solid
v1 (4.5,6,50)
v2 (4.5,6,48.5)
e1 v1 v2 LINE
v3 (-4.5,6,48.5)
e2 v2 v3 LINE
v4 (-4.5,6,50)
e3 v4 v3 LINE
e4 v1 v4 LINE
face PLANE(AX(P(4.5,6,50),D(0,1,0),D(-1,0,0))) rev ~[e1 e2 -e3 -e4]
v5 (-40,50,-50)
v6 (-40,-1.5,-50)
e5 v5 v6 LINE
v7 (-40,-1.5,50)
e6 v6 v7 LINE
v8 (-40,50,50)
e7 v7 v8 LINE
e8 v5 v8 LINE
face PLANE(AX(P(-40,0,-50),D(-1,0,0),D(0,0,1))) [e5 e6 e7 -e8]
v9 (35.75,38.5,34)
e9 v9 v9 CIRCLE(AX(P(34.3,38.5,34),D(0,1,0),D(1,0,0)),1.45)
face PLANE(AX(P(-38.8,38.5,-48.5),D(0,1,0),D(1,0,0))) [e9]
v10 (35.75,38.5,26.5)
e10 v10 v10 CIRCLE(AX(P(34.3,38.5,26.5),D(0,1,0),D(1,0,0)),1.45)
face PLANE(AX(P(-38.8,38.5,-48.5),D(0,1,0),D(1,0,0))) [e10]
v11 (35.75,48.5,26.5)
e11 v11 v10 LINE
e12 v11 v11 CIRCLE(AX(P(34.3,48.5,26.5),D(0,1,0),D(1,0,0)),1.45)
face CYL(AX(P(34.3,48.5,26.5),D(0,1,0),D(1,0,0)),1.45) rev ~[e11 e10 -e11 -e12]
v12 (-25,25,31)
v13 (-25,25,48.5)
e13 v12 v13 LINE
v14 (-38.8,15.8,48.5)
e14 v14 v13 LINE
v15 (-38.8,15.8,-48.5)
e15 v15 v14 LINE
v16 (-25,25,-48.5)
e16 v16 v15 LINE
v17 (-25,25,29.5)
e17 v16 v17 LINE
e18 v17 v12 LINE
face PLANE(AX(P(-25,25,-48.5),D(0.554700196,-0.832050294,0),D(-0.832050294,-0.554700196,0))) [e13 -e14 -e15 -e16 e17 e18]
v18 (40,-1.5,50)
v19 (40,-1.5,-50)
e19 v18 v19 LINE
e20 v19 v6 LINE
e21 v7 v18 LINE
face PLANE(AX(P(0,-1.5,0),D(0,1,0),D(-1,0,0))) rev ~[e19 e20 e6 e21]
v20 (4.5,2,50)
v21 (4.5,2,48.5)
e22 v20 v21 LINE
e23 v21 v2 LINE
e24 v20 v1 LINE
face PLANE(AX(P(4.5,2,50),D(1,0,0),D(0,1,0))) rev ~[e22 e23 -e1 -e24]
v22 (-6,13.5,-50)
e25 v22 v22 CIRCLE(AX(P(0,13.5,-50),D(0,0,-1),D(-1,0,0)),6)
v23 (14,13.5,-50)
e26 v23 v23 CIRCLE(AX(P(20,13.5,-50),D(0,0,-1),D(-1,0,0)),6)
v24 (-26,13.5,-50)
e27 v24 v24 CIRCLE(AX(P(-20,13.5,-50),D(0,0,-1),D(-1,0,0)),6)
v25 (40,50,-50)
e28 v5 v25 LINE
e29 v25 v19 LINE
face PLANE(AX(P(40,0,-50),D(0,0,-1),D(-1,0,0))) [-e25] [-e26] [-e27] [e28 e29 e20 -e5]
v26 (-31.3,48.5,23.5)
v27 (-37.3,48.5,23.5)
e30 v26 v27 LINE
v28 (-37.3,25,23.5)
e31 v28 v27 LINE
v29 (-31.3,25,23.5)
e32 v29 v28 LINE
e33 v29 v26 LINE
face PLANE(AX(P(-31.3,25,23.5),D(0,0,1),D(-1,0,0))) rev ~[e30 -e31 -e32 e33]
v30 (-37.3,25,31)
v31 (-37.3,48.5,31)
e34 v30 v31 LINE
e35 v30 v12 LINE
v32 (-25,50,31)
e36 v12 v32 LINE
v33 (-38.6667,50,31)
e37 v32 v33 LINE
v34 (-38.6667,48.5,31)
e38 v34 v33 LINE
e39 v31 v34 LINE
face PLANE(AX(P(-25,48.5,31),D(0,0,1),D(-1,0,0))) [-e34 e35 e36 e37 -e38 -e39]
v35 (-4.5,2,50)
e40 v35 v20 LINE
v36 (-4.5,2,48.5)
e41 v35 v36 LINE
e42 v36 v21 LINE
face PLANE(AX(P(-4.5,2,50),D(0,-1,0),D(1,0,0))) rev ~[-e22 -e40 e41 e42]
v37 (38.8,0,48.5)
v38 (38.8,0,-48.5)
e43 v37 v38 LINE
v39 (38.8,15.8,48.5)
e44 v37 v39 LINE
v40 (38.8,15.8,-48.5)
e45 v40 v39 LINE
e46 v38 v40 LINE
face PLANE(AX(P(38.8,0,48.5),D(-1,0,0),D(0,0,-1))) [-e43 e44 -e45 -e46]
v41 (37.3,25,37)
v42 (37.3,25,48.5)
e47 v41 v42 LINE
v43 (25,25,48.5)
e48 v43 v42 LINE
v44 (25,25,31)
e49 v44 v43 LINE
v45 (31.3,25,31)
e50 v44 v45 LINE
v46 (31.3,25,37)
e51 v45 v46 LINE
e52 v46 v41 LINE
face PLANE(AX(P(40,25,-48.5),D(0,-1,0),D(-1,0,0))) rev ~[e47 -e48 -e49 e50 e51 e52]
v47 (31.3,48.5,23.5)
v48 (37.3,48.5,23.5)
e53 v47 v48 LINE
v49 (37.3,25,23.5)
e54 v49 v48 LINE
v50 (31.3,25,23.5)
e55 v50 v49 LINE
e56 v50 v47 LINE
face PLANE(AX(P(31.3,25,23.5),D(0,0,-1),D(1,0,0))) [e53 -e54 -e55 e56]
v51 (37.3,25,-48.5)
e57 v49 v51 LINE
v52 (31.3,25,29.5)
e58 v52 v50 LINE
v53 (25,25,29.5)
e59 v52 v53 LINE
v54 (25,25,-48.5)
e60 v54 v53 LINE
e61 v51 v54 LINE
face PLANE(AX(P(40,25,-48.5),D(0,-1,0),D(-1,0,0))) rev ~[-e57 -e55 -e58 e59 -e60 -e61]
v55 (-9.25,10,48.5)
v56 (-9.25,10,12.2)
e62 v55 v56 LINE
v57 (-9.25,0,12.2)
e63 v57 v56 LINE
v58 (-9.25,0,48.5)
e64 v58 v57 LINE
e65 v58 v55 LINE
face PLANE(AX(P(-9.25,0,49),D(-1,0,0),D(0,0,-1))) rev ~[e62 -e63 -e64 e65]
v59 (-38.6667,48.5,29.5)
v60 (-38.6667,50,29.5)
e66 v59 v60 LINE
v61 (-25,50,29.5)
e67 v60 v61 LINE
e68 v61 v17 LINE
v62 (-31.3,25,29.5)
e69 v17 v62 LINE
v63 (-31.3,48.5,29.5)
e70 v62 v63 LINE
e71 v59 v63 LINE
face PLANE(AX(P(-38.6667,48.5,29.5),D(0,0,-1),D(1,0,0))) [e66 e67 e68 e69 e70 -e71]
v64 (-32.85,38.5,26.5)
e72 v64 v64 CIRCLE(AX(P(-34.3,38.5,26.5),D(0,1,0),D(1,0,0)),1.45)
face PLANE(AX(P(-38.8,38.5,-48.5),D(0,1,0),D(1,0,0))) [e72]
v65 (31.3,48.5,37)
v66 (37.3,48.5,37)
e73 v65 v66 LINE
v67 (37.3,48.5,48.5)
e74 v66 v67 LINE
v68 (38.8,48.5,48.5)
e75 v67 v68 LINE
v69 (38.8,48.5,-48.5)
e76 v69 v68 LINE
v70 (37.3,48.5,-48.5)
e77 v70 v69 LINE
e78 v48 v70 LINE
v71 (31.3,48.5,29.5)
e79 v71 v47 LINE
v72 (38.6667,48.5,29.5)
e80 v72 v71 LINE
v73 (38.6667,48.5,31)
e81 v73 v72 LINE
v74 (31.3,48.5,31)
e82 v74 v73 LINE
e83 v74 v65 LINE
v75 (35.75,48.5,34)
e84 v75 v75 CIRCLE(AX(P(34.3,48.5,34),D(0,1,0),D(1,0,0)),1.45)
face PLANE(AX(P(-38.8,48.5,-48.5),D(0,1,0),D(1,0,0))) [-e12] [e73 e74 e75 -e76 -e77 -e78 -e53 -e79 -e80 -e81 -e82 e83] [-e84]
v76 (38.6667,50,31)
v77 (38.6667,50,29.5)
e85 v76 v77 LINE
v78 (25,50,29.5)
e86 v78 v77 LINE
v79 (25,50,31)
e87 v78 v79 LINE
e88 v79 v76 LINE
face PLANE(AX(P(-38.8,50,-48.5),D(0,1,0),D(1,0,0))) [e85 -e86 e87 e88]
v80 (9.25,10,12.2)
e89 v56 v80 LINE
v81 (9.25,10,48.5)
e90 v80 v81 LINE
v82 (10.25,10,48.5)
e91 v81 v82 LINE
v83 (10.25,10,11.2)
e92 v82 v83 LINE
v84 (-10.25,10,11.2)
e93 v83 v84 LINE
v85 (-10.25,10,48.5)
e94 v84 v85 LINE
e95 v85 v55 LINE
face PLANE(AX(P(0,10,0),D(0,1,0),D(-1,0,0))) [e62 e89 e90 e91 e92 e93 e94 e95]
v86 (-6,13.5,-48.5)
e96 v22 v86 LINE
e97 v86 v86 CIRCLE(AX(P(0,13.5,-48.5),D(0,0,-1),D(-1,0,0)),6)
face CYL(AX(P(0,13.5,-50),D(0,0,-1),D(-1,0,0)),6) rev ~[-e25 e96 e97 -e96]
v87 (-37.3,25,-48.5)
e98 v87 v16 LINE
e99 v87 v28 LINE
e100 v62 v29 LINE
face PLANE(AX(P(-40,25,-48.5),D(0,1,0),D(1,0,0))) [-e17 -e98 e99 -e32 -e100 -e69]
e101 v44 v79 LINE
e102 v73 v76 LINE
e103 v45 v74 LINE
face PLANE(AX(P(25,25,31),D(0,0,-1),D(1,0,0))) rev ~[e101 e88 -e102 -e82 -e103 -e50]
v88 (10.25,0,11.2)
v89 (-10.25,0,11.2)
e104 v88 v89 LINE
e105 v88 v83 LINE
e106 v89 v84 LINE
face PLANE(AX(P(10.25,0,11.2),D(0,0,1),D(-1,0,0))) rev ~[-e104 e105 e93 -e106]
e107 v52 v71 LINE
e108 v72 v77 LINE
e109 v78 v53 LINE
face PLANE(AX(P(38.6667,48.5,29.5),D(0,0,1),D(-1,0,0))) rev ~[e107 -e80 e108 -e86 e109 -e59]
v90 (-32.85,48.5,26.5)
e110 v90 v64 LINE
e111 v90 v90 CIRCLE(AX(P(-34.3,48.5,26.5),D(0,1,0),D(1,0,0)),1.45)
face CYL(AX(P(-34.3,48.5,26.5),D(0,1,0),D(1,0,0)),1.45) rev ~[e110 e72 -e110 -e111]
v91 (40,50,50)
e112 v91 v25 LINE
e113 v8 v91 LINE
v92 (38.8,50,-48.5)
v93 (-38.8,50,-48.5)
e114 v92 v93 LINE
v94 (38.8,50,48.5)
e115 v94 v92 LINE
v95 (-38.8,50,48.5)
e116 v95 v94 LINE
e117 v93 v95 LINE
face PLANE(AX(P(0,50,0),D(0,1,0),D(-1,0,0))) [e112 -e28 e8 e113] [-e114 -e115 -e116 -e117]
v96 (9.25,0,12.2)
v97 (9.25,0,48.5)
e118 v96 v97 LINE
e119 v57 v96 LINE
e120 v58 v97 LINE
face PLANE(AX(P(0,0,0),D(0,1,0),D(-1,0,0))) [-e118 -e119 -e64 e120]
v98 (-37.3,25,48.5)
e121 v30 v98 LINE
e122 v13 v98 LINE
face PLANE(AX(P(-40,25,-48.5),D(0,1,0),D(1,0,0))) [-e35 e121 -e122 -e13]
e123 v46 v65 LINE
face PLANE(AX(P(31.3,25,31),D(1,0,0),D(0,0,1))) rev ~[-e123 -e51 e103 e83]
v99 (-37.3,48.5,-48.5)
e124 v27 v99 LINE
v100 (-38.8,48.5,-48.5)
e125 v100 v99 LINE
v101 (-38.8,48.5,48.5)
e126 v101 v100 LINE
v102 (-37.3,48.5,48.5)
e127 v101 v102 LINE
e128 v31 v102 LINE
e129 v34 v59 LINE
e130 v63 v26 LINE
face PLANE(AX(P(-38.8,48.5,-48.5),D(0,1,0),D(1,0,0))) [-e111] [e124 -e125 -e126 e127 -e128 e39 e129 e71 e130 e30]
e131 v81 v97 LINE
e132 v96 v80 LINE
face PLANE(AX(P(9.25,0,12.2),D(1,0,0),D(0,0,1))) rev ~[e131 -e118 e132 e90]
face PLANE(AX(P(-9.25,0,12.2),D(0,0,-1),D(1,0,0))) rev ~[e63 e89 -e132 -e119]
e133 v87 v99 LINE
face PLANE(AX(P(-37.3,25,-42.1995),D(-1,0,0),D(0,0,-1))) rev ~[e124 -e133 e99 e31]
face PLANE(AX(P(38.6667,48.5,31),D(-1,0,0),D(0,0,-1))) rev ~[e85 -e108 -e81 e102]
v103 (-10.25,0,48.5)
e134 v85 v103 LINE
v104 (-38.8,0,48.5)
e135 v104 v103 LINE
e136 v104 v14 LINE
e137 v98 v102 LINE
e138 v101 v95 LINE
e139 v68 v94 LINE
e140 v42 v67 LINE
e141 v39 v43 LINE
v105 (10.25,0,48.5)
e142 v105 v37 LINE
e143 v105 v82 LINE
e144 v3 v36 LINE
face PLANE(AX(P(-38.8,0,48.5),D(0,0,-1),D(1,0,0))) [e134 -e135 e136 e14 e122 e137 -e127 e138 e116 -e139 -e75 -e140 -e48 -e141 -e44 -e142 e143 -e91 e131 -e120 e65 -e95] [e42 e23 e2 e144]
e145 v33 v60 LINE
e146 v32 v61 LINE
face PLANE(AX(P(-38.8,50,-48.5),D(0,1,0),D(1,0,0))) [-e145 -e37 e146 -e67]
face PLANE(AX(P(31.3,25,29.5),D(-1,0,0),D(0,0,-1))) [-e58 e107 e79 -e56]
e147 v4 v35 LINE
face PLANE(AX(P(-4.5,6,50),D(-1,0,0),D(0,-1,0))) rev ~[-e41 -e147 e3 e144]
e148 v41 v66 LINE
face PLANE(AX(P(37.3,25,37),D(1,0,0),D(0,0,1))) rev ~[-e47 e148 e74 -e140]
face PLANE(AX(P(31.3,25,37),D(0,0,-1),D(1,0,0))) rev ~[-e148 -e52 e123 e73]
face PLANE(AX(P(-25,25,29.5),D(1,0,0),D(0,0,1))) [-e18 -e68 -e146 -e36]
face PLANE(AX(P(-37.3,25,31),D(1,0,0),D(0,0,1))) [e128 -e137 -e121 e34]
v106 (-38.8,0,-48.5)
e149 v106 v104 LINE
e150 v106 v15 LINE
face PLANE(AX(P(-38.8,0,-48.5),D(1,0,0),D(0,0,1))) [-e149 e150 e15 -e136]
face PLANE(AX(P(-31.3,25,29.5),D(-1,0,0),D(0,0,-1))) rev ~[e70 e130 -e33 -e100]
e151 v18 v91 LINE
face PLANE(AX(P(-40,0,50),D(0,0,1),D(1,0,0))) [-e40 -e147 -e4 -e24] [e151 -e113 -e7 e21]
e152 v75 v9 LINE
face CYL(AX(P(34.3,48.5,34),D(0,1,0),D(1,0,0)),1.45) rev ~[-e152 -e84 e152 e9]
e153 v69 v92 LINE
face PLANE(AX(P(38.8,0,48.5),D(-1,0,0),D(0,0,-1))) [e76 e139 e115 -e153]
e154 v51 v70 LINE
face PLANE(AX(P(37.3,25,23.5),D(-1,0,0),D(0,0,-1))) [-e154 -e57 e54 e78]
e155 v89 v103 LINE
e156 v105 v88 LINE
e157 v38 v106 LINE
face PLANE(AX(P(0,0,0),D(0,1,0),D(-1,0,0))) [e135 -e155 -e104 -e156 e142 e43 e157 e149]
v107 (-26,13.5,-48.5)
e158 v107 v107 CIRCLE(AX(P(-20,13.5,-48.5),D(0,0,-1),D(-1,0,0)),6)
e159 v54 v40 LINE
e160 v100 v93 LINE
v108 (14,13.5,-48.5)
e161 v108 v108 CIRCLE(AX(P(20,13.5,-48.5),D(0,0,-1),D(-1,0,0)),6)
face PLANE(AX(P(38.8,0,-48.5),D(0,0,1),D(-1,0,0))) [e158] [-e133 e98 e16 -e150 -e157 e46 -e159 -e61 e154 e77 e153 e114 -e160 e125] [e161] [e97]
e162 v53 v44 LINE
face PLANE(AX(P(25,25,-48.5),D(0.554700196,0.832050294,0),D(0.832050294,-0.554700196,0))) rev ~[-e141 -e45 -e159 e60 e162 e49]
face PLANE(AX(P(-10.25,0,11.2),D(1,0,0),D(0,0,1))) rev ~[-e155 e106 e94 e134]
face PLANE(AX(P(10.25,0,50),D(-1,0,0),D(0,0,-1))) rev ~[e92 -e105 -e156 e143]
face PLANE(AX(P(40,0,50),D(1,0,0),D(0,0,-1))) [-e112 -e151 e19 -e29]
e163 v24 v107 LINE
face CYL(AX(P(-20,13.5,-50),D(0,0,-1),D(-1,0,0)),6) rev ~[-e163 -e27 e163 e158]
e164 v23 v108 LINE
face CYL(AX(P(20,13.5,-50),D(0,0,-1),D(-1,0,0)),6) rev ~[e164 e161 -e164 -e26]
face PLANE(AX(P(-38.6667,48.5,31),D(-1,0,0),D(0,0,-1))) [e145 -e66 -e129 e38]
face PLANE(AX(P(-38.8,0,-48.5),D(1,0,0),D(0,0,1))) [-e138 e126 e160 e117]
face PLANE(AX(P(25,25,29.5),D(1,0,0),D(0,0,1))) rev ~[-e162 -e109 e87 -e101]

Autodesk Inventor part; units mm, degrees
ref_plane "YZ Plane" through (0, 0, 0) normal (1, 0, 0) x (0, 1, 0)
ref_plane "XZ Plane" through (0, 0, 0) normal (0, 1, 0) x (-1, 0, 0)
ref_plane "XY Plane" through (0, 0, 0) normal (0, 0, 1) x (1, 0, 0)
sketch "Sketch1" plane through (0, 0, 0) normal (0, 1, 0) x (-1, 0, 0)
  line L0 (40, 50) -> (-40, 50)
  line L1 (-40, 50) -> (-40, -50)
  line L2 (-40, -50) -> (40, -50)
  line L3 (40, -50) -> (40, 50)
  line L4 (40, 50) -> (-40, -50) construction
  line L5 (-40, 50) -> (40, -50) construction
  point P0 (0, 0)
  dimension "box_width" = 80
  dimension "box_height" = 100
extrude "Base" add sketch "Sketch1" against normal blind 1.5
sketch "Sketch2" plane through (0, 0, 0) normal (0, 1, 0) x (-1, 0, 0)
  line L0 (40, -50) -> (-40, -50) projected
  line L1 (40, 50) -> (-40, 50)
  line L2 (-40, 50) -> (-40, -50)
  line L3 (-40, -50) -> (40, -50)
  line L4 (40, -50) -> (40, 50)
  line L5 (40, 50) -> (-40, -50) construction
  line L6 (-40, 50) -> (40, -50) construction
  line L7 (38.8, 48.5) -> (-38.8, 48.5)
  line L8 (-38.8, 48.5) -> (-38.8, -48.5)
  line L9 (-38.8, -48.5) -> (38.8, -48.5)
  line L10 (38.8, -48.5) -> (38.8, 48.5)
  line L11 (38.8, 48.5) -> (-38.8, -48.5) construction
  line L12 (-38.8, 48.5) -> (38.8, -48.5) construction
  point P0 (0, 0)
  dimension "wall_thickness" = 1.5
extrude "Wall" add sketch "Sketch2" along normal blind 50
sketch "Sketch3" plane through (0, 0, 0) normal (0, 1, 0) x (-1, 0, 0)
  line L0 (-9.25, 49) -> (9.25, 49)
  line L1 (9.25, 49) -> (9.25, 12.2)
  line L2 (9.25, 12.2) -> (-9.25, 12.2)
  line L3 (-9.25, 12.2) -> (-9.25, 49)
  line L4 (-9.25, 49) -> (9.25, 12.2) construction
  line L5 (9.25, 49) -> (-9.25, 12.2) construction
  line L6 (0, 30.6) -> (0, 0) construction
  line L7 (10.25, 50) -> (-10.25, 50)
  line L8 (-10.25, 50) -> (-10.25, 11.2)
  line L9 (-10.25, 11.2) -> (10.25, 11.2)
  line L10 (10.25, 11.2) -> (10.25, 50)
  line L11 (10.25, 50) -> (-10.25, 11.2) construction
  line L12 (-10.25, 50) -> (10.25, 11.2) construction
  line L13 (40, 50) -> (-40, 50) projected
  point P0 (0, 50)
  dimension "d7" = 36.8
  dimension "d8" = 18.5
  dimension "d9" = 1
  dimension "d10" = 1
extrude "Teensy Wall" add sketch "Sketch3" along normal blind 10
sketch "Sketch4" plane through (40, -1.5, -50) normal (0, 0, -1) x (-1, 0, 0)
  line L0 (78.8, 51.5) -> (1.2, 51.5) construction
  line L1 (1.2, 51.5) -> (78.8, 51.5) construction
  line L2 (40, 51.5) -> (40, 15) construction
  line L3 (40, 15) -> (20, 15) construction
  circle A0 centre (20, 15) radius 6
  line L4 (40, 15) -> (40, 0) construction
  line L5 (80, 0) -> (0, 0) construction
  circle A1 centre (40, 15) radius 6
  circle A2 centre (60, 15) radius 6
  dimension "d21" = 12
  dimension "d23" = 20
  dimension "d59" = 20
extrude "BNC Holes" cut sketch "Sketch4" against normal up to surface (1.5 mm away)
sketch "Sketch7" plane through (-38.8, 0, -48.5) normal (0, 0, 1) x (1, 0, 0)
  line L0 (78.8, 50) -> (-1.2, 50) projected
  line L1 (-1.2, -1.5) -> (-1.2, 50) projected
  line L2 (-1.2, 50) -> (-1.2, 25) construction
  line L3 (-1.2, 25) -> (13.8, 25)
  line L4 (13.8, 25) -> (-1.2, 15)
  line L5 (-1.2, 15) -> (-1.2, 25)
  line L6 (38.8, 50) -> (38.8, 0) construction
  line L7 (78.8, -1.5) -> (78.8, 50)
  line L8 (78.8, 50) -> (78.8, 25) construction
  line L9 (78.8, 25) -> (63.8, 25)
  line L10 (63.8, 25) -> (78.8, 15)
  line L11 (78.8, 15) -> (78.8, 25)
  point P0 (-1.2, 30)
  dimension "d32" = 25
  dimension "d33" = 10
  dimension "d34" = 15
extrude "Battery Support" add sketch "Sketch7" along normal up to next
sketch "Sketch8" plane through (-40, -1.5, 50) normal (0, 0, 1) x (1, 0, 0)
  line L0 (78.8, 51.5) -> (1.2, 51.5) construction
  line L1 (40, 51.5) -> (40, 1.5) construction
  line L2 (35.5, 3.5) -> (44.5, 3.5)
  line L3 (44.5, 3.5) -> (44.5, 7.5)
  line L4 (44.5, 7.5) -> (35.5, 7.5)
  line L5 (35.5, 7.5) -> (35.5, 3.5)
  line L6 (35.5, 3.5) -> (44.5, 7.5) construction
  line L7 (44.5, 3.5) -> (35.5, 7.5) construction
  point P0 (40, 5.5)
  dimension "d36" = 9
  dimension "d37" = 4
  dimension "d38" = 2
extrude "USB Hole" cut sketch "Sketch8" against normal up to next
sketch "Sketch9" plane through (-38.8, 25, -48.5) normal (0, 1, 0) x (1, 0, 0)
  line L0 (0, -97) -> (0, 0) projected
  line L1 (13.8, 0) -> (13.8, -97) projected
  line L2 (0, -79.5) -> (13.8, -79.5)
  line L3 (13.8, -79.5) -> (13.8, -78)
  line L4 (13.8, -78) -> (0, -78)
  line L5 (0, -78) -> (0, -79.5)
  line L6 (0, 0) -> (77.6, 0) projected
  line L7 (63.8, 0) -> (63.8, -97) projected
  line L8 (63.8, -79.5) -> (77.6, -79.5)
  line L9 (77.6, -79.5) -> (77.6, -78)
  line L10 (77.6, -78) -> (63.8, -78)
  line L11 (63.8, -78) -> (63.8, -79.5)
  line L12 (0, -97) -> (28.55, -97) projected
  line L13 (0, -79.5) -> (1.5, -79.5)
  line L14 (1.5, -79.5) -> (1.5, -97)
  line L15 (1.5, -97) -> (0, -97)
  line L16 (0, -97) -> (0, -79.5)
  line L17 (49.05, -97) -> (77.6, -97) projected
  line L18 (77.6, -79.5) -> (76.1, -79.5)
  line L19 (76.1, -79.5) -> (76.1, -97)
  line L20 (76.1, -97) -> (77.6, -97)
  line L21 (77.6, -97) -> (77.6, -79.5)
  line L22 (77.6, 0) -> (77.6, -97) projected
  line L23 (76.1, -79.5) -> (70.1, -79.5)
  line L24 (70.1, -79.5) -> (70.1, -85.5)
  line L25 (70.1, -85.5) -> (76.1, -85.5)
  line L26 (76.1, -85.5) -> (76.1, -79.5)
  line L27 (0, -78) -> (1.5, -78)
  line L28 (1.5, -78) -> (1.5, 0)
  line L29 (1.5, 0) -> (0, 0)
  line L30 (0, 0) -> (0, -78)
  line L31 (77.6, -78) -> (76.1, -78)
  line L32 (76.1, -78) -> (76.1, 0)
  line L33 (76.1, 0) -> (77.6, 0)
  line L34 (77.6, 0) -> (77.6, -78)
  line L35 (76.1, -78) -> (70.1, -78)
  line L36 (70.1, -78) -> (70.1, -72)
  line L37 (70.1, -72) -> (76.1, -72)
  line L38 (76.1, -72) -> (76.1, -78)
  line L39 (77.6, 0) -> (0, 0) projected
  line L40 (1.5, 0) -> (6.9705, 0)
  line L41 (1.5, -6.3005) -> (1.5, 0)
  line L42 (1.5, -78) -> (6.9, -78)
  line L43 (1.5, -72.6667) -> (1.5, -78)
  line L44 (1.5, -78) -> (6.9, -78)
  line L45 (1.5, -72) -> (1.5, -78)
  line L46 (1.5, -78) -> (7.5, -78)
  line L47 (7.5, -78) -> (7.5, -72)
  line L48 (7.5, -72) -> (1.5, -72)
  line L49 (1.5, -72) -> (1.5, -78)
  point P0 (38.8, -48.5)
  dimension "d41" = 78
  dimension "d42" = 1.5
  dimension "d45" = 1.5
  dimension "d47" = 1.5
  dimension "d48" = 6
  dimension "d56" = 17.5
extrude "Plate Support" add sketch "Sketch9" along normal blind 23.5 contours L0 L2 L14 L12 | L0 L4 L1 L2 | L0 L6 L28 L4 | L28 L48 L47 L4 | L6 L22 L10 L32 | L10 L9 L8 L7 | L32 L10 L36 L37 | L8 L19 L25 L24 | L21 L17 L19 L8
sketch "Sketch10" plane through (-38.8, 48.5, -48.5) normal (0, 1, 0) x (1, 0, 0)
  circle A0 centre (73.1, -82.5) radius 1.45
  line L0 (63.8, -78) -> (70.1, -78) construction
  line L1 (70.1, -85.5) -> (70.1, -79.5) construction
  line L2 (70.1, -79.5) -> (73.1, -82.5) construction
  line L3 (70.1, -85.5) -> (76.1, -85.5) construction
  line L4 (73.1, -82.5) -> (76.1, -85.5) construction
  line L5 (73.1, -82.5) -> (70.1, -85.5) construction
  circle A1 centre (73.1, -75) radius 1.45
  line L6 (73.1, -75) -> (70.1, -72) construction
  line L7 (70.1, -72) -> (76.1, -72) construction
  line L8 (76.1, -72) -> (73.1, -75) construction
  line L9 (70.1, -78) -> (73.1, -75) construction
  line L10 (1.5, -72) -> (1.5, 0) projected
  line L11 (1.5, -78) -> (7.5, -78)
  line L12 (7.5, -78) -> (7.5, -72)
  line L13 (7.5, -72) -> (1.5, -72)
  line L14 (1.5, -72) -> (1.5, -78)
  line L15 (70.1, -72) -> (70.1, -78) projected
  circle A2 centre (4.5, -75) radius 1.45
  line L16 (7.5, -78) -> (7.5, -72) construction
  line L17 (4.5, -75) -> (7.5, -78) construction
  line L18 (4.5, -75) -> (7.5, -72) construction
  line L19 (4.5, -75) -> (1.5, -72) construction
  point P0 (38.8, -48.5)
  dimension "d49" = 2.9
  dimension "d52" = 2.9
  dimension "d53" = 2.9
extrude "Holes" cut sketch "Sketch10" against normal blind 10 contours A0 | A1 | A2
sketch "Sketch11" plane through (-38.8, 48.5, -48.5) normal (0, 1, 0) x (1, 0, 0)
  line L0 (13.8, -79.5) -> (13.8, -78) projected
  line L1 (13.8, -78) -> (13.8, -79.5)
  line L2 (13.8, -79.5) -> (0.1333, -79.5)
  line L3 (0.1333, -79.5) -> (0.1333, -78)
  line L4 (0.1333, -78) -> (13.8, -78)
  line L5 (70.1, -78) -> (63.8, -78) projected
  line L6 (63.8, -78) -> (63.8, -79.5)
  line L7 (63.8, -79.5) -> (77.4667, -79.5)
  line L8 (77.4667, -79.5) -> (77.4667, -78)
  line L9 (77.4667, -78) -> (63.8, -78)
  point P0 (38.8, -48.5)
extrude "Extrusion10" add sketch "Sketch11" along normal blind 1.5
properties part number "teensy_box"
